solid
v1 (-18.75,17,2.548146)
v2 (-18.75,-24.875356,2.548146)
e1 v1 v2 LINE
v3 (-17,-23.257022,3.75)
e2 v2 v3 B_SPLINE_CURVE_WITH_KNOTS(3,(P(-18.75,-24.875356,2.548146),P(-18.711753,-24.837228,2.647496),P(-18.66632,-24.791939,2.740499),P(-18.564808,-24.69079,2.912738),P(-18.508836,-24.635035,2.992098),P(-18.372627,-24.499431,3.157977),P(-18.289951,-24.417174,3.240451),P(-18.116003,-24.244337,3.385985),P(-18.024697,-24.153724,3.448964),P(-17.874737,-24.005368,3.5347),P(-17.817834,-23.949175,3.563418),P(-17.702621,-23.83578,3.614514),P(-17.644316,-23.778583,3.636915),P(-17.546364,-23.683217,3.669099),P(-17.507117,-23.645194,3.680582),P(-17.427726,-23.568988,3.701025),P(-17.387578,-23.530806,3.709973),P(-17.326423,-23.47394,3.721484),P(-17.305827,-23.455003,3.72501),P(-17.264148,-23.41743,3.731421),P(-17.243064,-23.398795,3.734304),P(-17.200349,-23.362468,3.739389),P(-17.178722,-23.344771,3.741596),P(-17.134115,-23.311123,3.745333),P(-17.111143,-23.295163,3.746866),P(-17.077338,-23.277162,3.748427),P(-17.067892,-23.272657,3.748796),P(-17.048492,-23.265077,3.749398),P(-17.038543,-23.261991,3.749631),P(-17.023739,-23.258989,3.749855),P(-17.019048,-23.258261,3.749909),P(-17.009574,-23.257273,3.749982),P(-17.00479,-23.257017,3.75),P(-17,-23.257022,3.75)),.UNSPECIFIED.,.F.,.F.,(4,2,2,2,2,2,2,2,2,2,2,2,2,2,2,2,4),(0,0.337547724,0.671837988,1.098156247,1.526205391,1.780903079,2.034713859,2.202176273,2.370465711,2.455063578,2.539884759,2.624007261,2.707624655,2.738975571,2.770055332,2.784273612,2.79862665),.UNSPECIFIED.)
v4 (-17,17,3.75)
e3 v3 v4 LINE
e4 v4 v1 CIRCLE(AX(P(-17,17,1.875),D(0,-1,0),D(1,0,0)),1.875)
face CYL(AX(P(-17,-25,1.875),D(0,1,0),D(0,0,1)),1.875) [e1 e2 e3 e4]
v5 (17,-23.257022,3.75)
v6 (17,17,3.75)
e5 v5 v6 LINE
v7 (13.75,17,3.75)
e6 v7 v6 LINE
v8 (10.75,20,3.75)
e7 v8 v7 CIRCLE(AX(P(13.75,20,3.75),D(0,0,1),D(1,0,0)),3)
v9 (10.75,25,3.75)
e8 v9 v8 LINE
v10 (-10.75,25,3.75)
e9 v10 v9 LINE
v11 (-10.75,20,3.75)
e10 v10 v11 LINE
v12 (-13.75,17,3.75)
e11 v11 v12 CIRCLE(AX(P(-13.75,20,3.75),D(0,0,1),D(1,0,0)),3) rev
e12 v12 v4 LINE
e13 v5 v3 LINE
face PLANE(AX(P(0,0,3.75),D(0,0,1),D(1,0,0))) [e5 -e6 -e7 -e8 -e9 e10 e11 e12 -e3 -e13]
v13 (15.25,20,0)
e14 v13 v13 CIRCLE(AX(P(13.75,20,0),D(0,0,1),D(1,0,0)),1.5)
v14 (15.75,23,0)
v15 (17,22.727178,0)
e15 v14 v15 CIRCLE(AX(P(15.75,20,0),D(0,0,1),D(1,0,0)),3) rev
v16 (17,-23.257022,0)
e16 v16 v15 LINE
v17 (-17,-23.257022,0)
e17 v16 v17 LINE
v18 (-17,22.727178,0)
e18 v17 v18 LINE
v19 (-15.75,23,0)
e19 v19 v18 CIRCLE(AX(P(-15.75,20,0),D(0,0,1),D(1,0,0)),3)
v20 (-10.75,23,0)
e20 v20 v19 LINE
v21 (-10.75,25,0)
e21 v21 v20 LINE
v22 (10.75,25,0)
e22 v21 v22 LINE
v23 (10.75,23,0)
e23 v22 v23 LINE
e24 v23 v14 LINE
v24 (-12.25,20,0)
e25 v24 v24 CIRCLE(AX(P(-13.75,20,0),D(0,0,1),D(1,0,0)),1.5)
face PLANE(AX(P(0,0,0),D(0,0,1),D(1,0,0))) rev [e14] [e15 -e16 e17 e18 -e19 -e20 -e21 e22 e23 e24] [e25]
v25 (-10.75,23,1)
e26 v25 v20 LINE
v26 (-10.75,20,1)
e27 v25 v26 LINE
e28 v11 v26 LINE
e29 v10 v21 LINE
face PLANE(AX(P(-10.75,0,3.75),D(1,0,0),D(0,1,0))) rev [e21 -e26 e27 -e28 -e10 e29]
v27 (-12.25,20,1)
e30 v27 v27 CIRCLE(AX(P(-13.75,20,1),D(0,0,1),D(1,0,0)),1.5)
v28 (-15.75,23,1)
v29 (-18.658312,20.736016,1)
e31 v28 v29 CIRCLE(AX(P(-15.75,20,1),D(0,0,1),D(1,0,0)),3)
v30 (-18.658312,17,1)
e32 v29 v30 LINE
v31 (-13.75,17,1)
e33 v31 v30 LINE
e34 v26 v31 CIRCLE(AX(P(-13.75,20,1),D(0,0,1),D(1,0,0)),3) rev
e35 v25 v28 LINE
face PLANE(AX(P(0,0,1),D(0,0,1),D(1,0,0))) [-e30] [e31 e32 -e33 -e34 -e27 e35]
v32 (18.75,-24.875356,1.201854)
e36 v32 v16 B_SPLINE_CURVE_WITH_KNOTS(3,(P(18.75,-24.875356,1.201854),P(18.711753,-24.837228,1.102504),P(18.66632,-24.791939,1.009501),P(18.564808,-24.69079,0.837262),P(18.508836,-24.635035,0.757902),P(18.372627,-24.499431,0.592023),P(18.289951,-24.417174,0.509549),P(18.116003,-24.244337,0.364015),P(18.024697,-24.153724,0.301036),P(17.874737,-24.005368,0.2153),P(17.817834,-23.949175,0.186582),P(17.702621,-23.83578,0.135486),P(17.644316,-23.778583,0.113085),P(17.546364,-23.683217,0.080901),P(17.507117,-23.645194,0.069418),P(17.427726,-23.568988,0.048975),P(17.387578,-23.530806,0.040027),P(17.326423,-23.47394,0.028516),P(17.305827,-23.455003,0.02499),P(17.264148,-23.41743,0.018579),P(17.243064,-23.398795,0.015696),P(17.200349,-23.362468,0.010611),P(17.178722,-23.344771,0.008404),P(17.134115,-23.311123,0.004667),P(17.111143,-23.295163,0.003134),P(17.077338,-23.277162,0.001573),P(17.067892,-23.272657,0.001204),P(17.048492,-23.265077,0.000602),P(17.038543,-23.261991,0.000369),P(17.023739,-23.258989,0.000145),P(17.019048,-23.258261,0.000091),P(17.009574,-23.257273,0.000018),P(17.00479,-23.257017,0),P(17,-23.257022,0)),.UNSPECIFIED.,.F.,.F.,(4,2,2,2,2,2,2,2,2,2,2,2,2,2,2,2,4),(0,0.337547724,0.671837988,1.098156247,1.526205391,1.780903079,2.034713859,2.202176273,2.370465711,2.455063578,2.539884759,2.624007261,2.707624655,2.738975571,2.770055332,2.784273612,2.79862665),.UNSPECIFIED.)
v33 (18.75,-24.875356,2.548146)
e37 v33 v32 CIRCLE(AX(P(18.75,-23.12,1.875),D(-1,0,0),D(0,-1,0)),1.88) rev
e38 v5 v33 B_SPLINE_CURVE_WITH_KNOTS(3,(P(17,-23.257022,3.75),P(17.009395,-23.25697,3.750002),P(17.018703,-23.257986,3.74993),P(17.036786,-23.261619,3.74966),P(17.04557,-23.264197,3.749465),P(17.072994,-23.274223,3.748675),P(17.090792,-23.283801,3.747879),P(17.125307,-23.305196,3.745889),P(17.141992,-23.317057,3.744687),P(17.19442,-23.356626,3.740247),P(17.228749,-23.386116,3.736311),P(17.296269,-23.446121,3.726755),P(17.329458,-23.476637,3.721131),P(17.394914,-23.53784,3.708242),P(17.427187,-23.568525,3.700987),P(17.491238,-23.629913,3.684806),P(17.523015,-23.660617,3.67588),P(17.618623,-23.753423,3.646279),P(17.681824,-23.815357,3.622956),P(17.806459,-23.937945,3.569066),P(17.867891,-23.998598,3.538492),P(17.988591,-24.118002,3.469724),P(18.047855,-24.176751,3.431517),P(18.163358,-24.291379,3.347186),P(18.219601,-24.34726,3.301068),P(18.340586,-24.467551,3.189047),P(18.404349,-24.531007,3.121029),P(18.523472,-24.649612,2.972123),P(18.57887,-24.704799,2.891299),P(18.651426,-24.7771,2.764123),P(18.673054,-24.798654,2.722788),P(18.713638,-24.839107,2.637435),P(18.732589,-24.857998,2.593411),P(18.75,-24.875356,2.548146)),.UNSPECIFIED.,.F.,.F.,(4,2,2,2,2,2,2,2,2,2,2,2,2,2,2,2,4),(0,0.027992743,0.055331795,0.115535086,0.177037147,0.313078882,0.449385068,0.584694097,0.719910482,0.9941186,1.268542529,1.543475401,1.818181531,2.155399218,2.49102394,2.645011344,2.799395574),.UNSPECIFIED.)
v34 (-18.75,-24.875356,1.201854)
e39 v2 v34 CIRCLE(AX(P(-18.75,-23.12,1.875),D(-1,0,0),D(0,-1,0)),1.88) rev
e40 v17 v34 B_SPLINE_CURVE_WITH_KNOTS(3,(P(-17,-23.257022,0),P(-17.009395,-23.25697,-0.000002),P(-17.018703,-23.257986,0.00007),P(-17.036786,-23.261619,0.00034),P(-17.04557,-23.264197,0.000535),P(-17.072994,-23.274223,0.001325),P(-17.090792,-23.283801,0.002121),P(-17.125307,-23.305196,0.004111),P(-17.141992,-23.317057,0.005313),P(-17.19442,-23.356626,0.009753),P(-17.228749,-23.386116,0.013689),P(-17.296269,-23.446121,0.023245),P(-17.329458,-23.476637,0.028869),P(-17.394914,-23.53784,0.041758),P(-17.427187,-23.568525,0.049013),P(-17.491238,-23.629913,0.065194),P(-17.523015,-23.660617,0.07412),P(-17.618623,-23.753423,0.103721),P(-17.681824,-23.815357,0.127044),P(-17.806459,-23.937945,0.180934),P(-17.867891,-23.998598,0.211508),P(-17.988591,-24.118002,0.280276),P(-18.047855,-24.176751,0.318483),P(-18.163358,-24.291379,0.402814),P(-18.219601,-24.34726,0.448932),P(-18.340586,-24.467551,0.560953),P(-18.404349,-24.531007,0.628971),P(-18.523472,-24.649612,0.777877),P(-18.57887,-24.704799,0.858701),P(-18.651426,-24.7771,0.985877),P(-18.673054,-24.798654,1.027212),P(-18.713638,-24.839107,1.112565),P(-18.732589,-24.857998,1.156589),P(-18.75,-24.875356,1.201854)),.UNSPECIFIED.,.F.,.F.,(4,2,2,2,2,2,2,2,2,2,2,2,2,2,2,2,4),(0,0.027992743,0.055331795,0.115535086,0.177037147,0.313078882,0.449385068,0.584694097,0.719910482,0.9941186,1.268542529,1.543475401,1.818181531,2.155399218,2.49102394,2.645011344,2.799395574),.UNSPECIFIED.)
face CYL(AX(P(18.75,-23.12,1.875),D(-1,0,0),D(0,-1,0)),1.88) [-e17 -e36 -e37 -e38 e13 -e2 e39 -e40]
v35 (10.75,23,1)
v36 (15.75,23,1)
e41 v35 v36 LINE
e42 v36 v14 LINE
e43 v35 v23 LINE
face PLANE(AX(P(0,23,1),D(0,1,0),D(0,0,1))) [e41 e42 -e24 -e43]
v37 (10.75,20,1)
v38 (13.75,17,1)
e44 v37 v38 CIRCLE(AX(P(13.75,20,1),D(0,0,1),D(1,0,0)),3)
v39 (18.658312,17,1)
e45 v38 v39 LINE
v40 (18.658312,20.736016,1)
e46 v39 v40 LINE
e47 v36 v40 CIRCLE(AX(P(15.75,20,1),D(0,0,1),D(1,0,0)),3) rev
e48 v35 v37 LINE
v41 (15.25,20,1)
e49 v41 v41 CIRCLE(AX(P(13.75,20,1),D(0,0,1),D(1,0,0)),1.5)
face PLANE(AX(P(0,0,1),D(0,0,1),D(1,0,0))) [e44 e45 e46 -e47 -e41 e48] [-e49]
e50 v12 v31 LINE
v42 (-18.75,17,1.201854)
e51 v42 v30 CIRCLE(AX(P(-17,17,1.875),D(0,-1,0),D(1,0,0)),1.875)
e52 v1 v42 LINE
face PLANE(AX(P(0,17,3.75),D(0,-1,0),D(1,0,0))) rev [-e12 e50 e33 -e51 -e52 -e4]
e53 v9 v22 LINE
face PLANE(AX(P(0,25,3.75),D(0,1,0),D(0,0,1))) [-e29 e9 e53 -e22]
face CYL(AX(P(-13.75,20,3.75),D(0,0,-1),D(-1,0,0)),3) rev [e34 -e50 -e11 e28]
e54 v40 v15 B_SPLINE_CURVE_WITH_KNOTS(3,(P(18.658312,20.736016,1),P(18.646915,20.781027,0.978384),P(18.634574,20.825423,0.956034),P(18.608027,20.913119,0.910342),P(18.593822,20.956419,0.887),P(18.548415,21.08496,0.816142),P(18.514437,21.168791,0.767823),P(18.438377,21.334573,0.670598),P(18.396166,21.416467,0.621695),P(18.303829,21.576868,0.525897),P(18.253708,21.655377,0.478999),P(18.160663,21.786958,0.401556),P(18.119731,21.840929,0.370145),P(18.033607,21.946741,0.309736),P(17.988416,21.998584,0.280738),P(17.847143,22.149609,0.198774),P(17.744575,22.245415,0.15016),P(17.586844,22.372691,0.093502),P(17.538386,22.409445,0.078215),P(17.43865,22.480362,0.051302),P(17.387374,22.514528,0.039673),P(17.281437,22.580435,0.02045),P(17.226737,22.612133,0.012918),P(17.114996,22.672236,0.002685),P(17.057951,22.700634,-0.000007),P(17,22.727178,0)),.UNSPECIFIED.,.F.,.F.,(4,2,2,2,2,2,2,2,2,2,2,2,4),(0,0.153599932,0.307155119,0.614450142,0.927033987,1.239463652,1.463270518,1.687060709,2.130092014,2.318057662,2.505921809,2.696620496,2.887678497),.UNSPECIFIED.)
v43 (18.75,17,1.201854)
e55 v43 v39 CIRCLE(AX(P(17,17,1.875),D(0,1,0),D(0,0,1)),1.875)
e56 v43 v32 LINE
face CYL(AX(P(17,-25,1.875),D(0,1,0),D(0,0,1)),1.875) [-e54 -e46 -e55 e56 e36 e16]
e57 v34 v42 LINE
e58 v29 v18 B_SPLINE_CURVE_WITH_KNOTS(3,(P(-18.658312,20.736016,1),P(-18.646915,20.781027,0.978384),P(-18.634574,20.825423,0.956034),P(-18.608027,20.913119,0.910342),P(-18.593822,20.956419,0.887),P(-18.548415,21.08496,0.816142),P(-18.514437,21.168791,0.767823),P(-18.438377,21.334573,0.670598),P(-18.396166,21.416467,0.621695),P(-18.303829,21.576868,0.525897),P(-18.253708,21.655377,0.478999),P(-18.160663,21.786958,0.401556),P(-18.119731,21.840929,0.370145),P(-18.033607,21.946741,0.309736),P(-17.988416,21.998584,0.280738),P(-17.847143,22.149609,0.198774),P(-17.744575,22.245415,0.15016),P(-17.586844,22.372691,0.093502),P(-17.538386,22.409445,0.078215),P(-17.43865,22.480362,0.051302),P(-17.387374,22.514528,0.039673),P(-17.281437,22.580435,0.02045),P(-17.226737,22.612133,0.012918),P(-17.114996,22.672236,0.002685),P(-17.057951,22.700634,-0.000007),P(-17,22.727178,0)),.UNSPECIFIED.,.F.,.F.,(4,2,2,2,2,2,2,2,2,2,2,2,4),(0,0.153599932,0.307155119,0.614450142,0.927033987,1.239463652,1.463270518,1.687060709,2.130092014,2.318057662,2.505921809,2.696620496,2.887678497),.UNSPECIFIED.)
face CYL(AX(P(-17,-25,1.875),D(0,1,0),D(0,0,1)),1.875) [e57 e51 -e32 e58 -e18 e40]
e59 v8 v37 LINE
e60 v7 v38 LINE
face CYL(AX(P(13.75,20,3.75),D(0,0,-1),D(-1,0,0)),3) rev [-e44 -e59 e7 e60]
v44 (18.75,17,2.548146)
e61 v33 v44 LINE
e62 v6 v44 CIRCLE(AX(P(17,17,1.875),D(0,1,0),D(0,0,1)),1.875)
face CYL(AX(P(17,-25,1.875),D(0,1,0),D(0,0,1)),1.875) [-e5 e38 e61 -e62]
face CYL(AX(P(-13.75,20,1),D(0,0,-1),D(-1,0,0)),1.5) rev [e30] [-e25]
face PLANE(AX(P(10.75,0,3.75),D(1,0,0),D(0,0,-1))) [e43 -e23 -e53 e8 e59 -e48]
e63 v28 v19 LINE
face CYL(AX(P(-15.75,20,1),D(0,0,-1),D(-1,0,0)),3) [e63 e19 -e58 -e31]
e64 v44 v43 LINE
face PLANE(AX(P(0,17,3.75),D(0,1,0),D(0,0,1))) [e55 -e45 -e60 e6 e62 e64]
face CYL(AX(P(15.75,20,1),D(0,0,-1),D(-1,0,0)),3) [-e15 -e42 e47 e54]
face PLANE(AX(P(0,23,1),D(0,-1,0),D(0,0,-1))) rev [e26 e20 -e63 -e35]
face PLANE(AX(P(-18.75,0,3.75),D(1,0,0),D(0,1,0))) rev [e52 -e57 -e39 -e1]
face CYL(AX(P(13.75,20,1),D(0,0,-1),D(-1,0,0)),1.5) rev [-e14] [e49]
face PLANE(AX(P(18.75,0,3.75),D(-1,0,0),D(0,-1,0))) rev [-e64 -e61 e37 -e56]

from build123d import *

# Parameters (mm, degrees)
RESSALTO_EXTRUS_O1_DEPTH = 3.75
ESBO_O1_3_R              = 1.5
RESSALTO_EXTRUS_O2_DEPTH = 1
CORTE_EXTRUS_O1_DEPTH    = 46.225131288
CORTE_EXTRUS_O2_DEPTH    = 54.531532763


with BuildPart() as part:
    # Esboço1 → Ressalto-extrusão1 (new body)
    with BuildSketch(Plane.XY):
        with BuildLine():
            Line((10.75, 25), (-10.75, 25))
            Line((-10.75, 25), (-10.75, 23))
            Line((-10.75, 23), (-10.75, 20))
            ThreePointArc((-10.75, 20), (-11.628679656, 17.878679656), (-13.75, 17))
            Line((-13.75, 17), (-18.75, 17))
            Line((-18.75, 17), (-18.75, -25))
            Line((-18.75, -25), (18.75, -25))
            Line((18.75, -25), (18.75, 17))
            Line((18.75, 17), (13.75, 17))
            ThreePointArc((13.75, 17), (11.628679656, 17.878679656), (10.75, 20))
            Line((10.75, 20), (10.75, 23))
            Line((10.75, 23), (10.75, 25))
        make_face()
    extrude(amount=RESSALTO_EXTRUS_O1_DEPTH)

    # Esboço1<3> → Ressalto-extrusão2 (add)
    # profile 1 of 2: a face of its own
    with BuildSketch(Plane.XY):
        with BuildLine():
            Line((-10.75, 20), (-10.75, 23))
            Line((-10.75, 23), (-15.75, 23))
            ThreePointArc((-15.75, 23), (-17.871320344, 22.121320344), (-18.75, 20))
            Line((-18.75, 20), (-18.75, 17))
            Line((-18.75, 17), (-13.75, 17))
            ThreePointArc((-13.75, 17), (-11.628679656, 17.878679656), (-10.75, 20))
        make_face()
        with Locations((-13.75, 20)):
            Circle(ESBO_O1_3_R, mode=Mode.SUBTRACT)
    # profile 2 of 2: a face of its own
    with BuildSketch(Plane.XY):
        with BuildLine():
            Line((15.75, 23), (10.75, 23))
            Line((10.75, 23), (10.75, 20))
            ThreePointArc((10.75, 20), (11.628679656, 17.878679656), (13.75, 17))
            Line((13.75, 17), (18.75, 17))
            Line((18.75, 17), (18.75, 20))
            ThreePointArc((18.75, 20), (17.871320344, 22.121320344), (15.75, 23))
        make_face()
        with Locations((13.75, 20)):
            Circle(ESBO_O1_3_R, mode=Mode.SUBTRACT)
    extrude(amount=RESSALTO_EXTRUS_O2_DEPTH)

    # Esboço3 → Corte-extrusão1 (cut, through all)
    with BuildSketch(Plane.ZY.offset(18.75)):
        with BuildLine():
            ThreePointArc((1.875, -25), (0.595000227, -24.49695337), (0, -23.257021896))
            Line((0, -23.257021896), (0, -25))
            Line((0, -25), (1.875, -25))
        make_face()
        with BuildLine():
            ThreePointArc((3.75, -23.257021896), (3.154999773, -24.49695337), (1.875, -25))
            Line((1.875, -25), (3.75, -25))
            Line((3.75, -25), (3.75, -23.257021896))
        make_face()
    extrude(amount=-CORTE_EXTRUS_O1_DEPTH, mode=Mode.SUBTRACT)

    # Esboço4 → Corte-extrusão2 (cut, through all)
    with BuildSketch(Plane(origin=(0, 25, 0), x_dir=(1, 0, 0), z_dir=(0, 1, 0))):
        with BuildLine():
            Line((17, -4.75), (-17, -4.75))
            ThreePointArc((-17, -4.75), (-19.875, -1.875), (-17, 1))
            Line((-17, 1), (17, 1))
            ThreePointArc((17, 1), (19.875, -1.875), (17, -4.75))
        make_face()
        with BuildLine():
            Line((17, -3.75), (-17, -3.75))
            ThreePointArc((-17, -3.75), (-18.875, -1.875), (-17, 0))
            Line((-17, 0), (17, 0))
            ThreePointArc((17, 0), (18.875, -1.875), (17, -3.75))
        make_face(mode=Mode.SUBTRACT)
    extrude(amount=-CORTE_EXTRUS_O2_DEPTH, mode=Mode.SUBTRACT)


solid = part.part
